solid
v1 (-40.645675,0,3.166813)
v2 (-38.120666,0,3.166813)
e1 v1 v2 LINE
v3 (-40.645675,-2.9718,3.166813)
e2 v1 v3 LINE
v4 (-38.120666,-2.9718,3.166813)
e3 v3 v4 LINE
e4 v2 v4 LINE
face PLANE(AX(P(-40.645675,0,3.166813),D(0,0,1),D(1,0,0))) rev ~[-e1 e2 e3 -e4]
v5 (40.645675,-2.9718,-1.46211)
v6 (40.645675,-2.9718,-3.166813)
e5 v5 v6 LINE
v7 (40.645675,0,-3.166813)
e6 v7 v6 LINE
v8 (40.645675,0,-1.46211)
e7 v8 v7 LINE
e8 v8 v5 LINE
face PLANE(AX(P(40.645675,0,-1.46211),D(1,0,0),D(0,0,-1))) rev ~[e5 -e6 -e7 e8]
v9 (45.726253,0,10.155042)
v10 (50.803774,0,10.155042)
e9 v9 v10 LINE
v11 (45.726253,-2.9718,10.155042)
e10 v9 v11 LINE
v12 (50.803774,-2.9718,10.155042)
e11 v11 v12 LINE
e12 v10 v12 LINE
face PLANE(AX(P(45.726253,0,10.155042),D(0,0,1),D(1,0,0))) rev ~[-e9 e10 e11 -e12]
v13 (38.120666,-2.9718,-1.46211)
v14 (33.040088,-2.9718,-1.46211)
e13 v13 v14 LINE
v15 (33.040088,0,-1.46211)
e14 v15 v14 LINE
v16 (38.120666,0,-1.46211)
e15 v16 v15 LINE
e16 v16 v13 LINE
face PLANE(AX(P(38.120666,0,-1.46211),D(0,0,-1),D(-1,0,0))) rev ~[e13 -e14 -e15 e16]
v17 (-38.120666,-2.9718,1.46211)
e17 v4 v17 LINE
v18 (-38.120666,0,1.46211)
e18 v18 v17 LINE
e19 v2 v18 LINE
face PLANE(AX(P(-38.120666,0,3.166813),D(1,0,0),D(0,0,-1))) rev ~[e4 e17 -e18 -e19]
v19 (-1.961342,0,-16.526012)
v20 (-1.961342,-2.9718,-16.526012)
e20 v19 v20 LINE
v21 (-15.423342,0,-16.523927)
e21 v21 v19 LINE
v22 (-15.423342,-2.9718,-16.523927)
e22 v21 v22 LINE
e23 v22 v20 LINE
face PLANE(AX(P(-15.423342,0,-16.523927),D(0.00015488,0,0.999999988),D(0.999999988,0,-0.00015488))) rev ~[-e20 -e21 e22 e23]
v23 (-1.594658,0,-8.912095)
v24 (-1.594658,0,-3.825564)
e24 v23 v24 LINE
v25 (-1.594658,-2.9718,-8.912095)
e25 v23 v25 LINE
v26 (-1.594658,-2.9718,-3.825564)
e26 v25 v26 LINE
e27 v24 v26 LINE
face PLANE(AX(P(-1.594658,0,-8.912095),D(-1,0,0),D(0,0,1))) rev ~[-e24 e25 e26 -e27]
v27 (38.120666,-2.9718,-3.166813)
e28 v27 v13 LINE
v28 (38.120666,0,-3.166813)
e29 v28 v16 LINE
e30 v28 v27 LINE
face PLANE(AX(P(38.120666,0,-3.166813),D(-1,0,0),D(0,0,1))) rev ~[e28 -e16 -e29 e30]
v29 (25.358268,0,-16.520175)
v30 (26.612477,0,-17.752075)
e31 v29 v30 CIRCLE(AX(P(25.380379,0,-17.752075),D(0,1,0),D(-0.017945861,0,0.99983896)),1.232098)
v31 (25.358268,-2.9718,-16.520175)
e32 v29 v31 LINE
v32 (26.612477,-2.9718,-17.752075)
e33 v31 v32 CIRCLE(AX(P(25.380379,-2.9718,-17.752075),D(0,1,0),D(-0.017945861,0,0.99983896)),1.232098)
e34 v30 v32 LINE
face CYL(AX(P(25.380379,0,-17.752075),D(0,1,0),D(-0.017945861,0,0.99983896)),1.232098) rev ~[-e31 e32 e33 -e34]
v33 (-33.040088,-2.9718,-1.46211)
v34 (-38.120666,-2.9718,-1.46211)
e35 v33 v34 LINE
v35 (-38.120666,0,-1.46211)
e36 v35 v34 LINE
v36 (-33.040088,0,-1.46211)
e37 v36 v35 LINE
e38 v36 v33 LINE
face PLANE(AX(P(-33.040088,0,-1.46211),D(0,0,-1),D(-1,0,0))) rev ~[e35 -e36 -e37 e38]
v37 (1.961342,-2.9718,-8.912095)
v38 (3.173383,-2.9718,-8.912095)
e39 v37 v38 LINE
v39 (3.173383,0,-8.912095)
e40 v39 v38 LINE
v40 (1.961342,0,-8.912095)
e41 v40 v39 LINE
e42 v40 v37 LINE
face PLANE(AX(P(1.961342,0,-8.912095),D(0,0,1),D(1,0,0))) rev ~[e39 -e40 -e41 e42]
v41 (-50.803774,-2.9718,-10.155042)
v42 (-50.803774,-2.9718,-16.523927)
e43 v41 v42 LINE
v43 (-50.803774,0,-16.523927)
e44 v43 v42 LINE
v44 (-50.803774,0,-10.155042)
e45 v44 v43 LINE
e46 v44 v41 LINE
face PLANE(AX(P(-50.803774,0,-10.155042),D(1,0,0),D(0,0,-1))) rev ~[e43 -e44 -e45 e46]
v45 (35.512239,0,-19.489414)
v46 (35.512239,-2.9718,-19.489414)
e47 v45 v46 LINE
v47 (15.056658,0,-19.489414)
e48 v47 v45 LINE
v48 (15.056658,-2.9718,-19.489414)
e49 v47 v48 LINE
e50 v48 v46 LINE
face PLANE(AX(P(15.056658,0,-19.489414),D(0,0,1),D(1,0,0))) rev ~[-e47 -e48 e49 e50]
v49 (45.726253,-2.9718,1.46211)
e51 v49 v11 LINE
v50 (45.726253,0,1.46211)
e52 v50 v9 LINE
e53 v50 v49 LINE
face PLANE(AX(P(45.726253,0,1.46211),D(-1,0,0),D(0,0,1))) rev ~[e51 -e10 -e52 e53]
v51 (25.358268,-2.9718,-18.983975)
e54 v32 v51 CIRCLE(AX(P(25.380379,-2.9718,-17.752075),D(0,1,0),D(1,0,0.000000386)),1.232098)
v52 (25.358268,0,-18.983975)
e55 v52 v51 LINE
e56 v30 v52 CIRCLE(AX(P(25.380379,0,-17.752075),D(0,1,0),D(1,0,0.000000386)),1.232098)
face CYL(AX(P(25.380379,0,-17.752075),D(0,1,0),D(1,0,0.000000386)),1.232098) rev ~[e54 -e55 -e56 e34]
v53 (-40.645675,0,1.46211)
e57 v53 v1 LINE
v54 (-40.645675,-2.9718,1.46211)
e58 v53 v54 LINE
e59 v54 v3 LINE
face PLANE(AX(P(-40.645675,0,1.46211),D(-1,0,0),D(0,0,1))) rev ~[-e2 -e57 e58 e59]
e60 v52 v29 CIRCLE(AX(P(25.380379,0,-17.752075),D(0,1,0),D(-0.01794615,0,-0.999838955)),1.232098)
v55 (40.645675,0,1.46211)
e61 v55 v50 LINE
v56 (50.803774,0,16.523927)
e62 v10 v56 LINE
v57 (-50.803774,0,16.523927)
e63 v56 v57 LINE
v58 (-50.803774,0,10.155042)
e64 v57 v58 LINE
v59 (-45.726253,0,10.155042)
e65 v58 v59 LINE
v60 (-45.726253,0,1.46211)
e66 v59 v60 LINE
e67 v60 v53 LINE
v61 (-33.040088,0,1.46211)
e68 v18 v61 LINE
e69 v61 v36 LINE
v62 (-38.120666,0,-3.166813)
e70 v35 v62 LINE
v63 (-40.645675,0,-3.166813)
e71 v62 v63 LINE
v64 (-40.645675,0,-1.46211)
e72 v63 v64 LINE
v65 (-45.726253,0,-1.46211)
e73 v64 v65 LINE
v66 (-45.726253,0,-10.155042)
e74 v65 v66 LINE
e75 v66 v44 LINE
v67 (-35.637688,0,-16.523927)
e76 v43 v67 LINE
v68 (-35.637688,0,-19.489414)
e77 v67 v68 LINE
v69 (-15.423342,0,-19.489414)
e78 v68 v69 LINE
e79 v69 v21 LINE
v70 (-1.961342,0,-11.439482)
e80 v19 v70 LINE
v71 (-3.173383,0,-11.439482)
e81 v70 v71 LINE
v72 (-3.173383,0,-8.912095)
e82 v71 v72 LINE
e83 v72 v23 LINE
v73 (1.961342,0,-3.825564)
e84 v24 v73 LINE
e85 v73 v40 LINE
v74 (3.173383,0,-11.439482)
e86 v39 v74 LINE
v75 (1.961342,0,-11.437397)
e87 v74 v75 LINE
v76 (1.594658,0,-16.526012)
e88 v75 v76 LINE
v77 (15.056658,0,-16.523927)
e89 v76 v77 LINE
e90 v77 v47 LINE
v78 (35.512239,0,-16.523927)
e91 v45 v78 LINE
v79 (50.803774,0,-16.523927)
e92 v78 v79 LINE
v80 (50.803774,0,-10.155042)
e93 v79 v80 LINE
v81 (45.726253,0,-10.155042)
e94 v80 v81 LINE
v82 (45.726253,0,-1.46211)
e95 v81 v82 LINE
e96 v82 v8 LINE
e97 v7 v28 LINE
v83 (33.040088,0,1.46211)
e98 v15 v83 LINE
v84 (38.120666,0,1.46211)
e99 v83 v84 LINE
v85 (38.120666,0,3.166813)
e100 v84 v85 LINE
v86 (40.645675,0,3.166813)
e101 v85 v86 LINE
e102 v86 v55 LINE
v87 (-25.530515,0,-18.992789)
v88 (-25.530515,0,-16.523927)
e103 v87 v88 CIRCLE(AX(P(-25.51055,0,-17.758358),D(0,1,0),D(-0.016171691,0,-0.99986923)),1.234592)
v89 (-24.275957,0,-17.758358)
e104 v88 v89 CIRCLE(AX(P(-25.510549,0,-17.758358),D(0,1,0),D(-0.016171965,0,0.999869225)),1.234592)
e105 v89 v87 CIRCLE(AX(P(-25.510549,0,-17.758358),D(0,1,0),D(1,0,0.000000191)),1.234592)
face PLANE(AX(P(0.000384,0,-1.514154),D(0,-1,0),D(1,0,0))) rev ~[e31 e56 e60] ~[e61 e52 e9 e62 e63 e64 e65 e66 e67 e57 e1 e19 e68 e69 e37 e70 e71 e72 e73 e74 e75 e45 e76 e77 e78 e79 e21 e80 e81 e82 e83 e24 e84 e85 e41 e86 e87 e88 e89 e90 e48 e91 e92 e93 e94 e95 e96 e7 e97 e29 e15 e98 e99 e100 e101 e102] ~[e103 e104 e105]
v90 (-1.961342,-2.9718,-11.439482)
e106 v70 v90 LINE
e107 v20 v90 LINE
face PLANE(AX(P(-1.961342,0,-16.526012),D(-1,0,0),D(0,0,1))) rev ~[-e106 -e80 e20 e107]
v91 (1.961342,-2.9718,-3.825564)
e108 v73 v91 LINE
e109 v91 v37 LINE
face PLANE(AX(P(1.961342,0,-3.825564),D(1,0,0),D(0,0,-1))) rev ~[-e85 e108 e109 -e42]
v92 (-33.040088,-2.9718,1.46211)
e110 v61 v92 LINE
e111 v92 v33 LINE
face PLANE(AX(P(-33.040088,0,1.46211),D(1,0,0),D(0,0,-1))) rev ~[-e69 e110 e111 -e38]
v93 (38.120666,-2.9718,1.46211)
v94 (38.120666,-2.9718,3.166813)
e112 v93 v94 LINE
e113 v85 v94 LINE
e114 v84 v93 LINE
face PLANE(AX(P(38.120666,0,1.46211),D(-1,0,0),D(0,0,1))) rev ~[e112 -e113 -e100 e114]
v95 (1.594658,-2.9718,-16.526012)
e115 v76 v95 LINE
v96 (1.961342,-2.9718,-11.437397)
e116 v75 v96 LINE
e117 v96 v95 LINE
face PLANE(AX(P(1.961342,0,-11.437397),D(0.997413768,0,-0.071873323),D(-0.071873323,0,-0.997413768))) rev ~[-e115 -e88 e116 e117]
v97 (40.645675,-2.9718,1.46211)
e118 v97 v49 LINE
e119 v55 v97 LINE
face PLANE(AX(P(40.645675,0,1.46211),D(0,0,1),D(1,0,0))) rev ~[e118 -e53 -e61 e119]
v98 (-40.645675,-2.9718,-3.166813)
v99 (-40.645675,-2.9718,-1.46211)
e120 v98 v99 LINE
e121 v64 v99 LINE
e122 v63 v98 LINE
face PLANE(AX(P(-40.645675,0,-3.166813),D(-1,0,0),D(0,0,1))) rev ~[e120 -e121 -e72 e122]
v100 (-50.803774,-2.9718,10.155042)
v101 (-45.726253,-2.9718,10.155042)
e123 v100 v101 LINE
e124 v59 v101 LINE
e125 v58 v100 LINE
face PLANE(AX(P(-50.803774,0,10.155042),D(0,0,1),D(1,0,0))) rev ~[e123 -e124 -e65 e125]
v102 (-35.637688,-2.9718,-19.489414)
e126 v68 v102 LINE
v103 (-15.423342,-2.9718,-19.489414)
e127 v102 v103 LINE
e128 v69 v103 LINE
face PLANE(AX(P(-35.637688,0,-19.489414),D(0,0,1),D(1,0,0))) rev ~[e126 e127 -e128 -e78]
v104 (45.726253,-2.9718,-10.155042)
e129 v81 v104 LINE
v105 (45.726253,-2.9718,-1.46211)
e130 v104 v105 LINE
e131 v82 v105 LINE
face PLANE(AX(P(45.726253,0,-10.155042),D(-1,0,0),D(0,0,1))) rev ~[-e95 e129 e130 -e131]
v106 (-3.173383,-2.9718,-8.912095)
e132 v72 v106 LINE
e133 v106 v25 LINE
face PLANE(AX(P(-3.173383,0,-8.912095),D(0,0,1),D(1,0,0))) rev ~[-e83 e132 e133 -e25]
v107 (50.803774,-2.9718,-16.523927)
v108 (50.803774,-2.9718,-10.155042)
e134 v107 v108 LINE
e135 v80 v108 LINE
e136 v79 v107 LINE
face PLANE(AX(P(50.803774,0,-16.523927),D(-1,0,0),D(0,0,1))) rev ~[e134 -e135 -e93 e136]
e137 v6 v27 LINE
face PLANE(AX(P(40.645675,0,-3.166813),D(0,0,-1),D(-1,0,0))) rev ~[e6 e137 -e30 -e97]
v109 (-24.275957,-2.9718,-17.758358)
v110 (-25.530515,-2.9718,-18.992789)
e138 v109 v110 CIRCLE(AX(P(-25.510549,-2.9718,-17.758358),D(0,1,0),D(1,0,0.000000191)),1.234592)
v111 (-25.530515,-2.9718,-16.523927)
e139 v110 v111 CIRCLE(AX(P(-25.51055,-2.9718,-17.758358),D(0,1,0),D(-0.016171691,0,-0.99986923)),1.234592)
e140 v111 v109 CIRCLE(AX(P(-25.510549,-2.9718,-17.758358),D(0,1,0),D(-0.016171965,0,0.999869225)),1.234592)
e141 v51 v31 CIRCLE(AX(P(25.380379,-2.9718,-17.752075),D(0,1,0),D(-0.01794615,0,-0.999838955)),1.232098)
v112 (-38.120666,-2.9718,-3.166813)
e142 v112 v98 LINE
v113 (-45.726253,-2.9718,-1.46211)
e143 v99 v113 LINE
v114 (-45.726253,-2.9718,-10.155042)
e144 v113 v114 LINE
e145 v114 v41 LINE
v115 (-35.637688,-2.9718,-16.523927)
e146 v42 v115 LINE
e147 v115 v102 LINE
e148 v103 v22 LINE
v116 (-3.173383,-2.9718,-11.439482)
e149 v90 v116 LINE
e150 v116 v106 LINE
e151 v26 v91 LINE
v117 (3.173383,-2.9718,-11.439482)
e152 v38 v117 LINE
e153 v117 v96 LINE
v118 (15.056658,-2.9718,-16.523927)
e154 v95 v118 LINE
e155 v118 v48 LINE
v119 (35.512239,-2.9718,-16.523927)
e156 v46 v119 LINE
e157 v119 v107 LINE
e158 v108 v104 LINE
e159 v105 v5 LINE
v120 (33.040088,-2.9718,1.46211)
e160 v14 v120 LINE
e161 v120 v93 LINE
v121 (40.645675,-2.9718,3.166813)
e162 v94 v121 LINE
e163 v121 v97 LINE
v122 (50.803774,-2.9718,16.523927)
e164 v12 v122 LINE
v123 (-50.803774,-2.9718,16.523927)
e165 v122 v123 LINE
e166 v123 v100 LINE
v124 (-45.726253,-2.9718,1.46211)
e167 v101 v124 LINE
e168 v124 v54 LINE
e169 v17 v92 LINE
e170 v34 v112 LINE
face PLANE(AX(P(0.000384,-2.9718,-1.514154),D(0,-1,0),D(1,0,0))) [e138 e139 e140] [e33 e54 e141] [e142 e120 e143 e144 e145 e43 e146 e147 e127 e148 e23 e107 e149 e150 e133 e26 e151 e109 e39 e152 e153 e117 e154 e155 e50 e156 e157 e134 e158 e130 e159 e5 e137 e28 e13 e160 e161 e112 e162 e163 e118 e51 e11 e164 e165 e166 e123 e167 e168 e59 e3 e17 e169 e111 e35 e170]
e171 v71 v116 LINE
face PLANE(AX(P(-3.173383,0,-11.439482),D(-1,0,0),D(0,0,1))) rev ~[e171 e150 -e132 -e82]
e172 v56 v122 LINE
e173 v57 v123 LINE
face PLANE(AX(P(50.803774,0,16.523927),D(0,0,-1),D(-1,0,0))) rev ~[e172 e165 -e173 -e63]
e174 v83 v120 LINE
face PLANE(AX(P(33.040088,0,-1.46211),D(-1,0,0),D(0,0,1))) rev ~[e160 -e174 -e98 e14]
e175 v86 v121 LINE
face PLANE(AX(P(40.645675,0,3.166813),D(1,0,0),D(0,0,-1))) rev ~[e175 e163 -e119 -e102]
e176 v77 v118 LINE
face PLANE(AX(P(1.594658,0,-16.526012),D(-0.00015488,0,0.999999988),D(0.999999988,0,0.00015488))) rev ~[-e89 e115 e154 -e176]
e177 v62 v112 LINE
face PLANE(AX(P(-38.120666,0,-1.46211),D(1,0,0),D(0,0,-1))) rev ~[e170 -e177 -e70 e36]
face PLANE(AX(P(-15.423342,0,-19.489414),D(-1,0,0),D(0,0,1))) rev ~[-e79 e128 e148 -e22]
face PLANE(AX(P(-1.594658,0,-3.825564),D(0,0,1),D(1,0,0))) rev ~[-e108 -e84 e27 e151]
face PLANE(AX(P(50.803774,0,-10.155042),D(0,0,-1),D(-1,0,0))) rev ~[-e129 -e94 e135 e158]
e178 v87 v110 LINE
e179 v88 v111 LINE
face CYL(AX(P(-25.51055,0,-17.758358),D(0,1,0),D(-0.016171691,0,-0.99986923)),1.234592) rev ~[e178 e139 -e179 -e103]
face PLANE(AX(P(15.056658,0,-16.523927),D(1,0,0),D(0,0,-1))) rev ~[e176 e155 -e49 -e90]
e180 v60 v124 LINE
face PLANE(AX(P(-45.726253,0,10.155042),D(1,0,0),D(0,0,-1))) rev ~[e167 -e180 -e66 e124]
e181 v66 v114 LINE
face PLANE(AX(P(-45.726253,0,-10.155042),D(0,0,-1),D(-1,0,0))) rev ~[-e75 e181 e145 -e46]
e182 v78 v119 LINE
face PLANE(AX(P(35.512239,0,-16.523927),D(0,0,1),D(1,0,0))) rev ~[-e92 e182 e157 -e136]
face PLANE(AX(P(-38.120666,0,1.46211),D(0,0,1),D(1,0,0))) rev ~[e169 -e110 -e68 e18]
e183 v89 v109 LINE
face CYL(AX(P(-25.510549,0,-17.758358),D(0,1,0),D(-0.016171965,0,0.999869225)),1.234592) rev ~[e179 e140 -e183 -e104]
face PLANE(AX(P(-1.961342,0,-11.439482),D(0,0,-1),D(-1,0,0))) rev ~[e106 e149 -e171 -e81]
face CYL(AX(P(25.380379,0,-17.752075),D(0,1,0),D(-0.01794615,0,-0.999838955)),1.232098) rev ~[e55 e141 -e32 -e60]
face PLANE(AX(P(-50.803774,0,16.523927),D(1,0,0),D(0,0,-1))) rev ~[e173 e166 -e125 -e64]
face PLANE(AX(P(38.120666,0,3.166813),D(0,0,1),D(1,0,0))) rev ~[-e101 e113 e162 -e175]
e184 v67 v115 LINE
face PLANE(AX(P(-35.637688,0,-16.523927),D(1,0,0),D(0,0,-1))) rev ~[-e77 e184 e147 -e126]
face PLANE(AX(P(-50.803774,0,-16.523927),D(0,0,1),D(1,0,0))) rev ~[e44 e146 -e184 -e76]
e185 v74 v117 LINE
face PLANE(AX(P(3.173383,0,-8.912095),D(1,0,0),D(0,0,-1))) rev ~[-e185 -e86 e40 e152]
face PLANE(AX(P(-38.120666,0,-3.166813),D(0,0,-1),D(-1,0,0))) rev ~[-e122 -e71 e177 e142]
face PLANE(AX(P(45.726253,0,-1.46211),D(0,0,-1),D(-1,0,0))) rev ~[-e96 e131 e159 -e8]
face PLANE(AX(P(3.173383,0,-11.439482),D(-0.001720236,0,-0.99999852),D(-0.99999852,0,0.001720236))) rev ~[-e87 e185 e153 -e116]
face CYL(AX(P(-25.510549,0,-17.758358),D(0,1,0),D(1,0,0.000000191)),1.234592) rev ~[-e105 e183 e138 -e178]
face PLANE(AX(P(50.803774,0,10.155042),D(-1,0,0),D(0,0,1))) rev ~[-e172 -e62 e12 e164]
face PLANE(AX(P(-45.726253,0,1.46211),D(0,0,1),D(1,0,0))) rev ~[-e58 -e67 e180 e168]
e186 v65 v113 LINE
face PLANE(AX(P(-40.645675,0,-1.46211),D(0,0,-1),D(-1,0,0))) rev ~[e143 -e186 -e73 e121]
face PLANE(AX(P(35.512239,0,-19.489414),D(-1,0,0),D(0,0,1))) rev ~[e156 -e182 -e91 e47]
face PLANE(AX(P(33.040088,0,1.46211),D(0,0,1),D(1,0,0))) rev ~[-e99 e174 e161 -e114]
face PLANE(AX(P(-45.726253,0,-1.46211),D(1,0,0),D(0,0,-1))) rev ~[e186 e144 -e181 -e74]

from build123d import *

# Parameters (mm, degrees)
F1_DEPTH = 2.9718


with BuildPart() as f1:
    # F0 (on Front) → F1 (new body)
    with BuildSketch(Plane.XZ):
        Polygon((50.803774, 10.155042), (50.803774, 16.523927), (-50.803774, 16.523927), (-50.803774, 10.155042), (-45.726253, 10.155042), (-45.726253, 1.46211), (-40.645675, 1.46211), (-40.645675, 3.166813), (-38.120666, 3.166813), (-38.120666, 1.46211), (-33.040088, 1.46211), (-33.040088, -1.46211), (-38.120666, -1.46211), (-38.120666, -3.166813), (-40.645675, -3.166813), (-40.645675, -1.46211), (-45.726253, -1.46211), (-45.726253, -10.155042), (-50.803774, -10.155042), (-50.803774, -16.523927), (-36.274352, -16.523927), (-35.637688, -16.523927), (-35.637688, -19.489414), (-35.001023, -19.489414), (-33.727694, -19.489414), (-15.989768, -19.489414), (-15.423342, -19.489414), (-15.423342, -16.523927), (-1.961342, -16.526012), (-1.961342, -11.439482), (-3.173383, -11.439482), (-3.173383, -8.912095), (-1.594658, -8.912095), (-1.594658, -3.825564), (0.183342, -3.825564), (1.961342, -3.825564), (1.961342, -8.912095), (3.173383, -8.912095), (3.173383, -11.439482), (1.961342, -11.437397), (1.594658, -16.526012), (15.056658, -16.523927), (15.056658, -19.489414), (32.80142, -19.489414), (34.716258, -19.489414), (35.512239, -19.489414), (35.512239, -16.523927), (36.919279, -16.523927), (50.803774, -16.523927), (50.803774, -10.155042), (45.726253, -10.155042), (45.726253, -1.46211), (40.645675, -1.46211), (40.645675, -3.166813), (38.120666, -3.166813), (38.120666, -1.46211), (33.040088, -1.46211), (33.040088, 1.46211), (38.120666, 1.46211), (38.120666, 3.166813), (40.645675, 3.166813), (40.645675, 1.46211), (45.726253, 1.46211), (45.726253, 10.155042), align=None)
        with BuildLine():
            ThreePointArc((-25.530515, -18.992789), (-26.745142, -17.758358), (-25.530515, -16.523927))
            ThreePointArc((-25.530515, -16.523927), (-24.644648, -16.878339), (-24.275957, -17.758358))
            ThreePointArc((-24.275957, -17.758358), (-24.644648, -18.638377), (-25.530515, -18.992789))
        make_face(mode=Mode.SUBTRACT)
        with BuildLine():
            ThreePointArc((25.358268, -18.983975), (24.148281, -17.752075), (25.358268, -16.520175))
            ThreePointArc((25.358268, -16.520175), (26.243751, -16.873067), (26.612477, -17.752075))
            ThreePointArc((26.612477, -17.752075), (26.243751, -18.631083), (25.358268, -18.983975))
        make_face(mode=Mode.SUBTRACT)
    extrude(amount=F1_DEPTH)


solid = f1.part
